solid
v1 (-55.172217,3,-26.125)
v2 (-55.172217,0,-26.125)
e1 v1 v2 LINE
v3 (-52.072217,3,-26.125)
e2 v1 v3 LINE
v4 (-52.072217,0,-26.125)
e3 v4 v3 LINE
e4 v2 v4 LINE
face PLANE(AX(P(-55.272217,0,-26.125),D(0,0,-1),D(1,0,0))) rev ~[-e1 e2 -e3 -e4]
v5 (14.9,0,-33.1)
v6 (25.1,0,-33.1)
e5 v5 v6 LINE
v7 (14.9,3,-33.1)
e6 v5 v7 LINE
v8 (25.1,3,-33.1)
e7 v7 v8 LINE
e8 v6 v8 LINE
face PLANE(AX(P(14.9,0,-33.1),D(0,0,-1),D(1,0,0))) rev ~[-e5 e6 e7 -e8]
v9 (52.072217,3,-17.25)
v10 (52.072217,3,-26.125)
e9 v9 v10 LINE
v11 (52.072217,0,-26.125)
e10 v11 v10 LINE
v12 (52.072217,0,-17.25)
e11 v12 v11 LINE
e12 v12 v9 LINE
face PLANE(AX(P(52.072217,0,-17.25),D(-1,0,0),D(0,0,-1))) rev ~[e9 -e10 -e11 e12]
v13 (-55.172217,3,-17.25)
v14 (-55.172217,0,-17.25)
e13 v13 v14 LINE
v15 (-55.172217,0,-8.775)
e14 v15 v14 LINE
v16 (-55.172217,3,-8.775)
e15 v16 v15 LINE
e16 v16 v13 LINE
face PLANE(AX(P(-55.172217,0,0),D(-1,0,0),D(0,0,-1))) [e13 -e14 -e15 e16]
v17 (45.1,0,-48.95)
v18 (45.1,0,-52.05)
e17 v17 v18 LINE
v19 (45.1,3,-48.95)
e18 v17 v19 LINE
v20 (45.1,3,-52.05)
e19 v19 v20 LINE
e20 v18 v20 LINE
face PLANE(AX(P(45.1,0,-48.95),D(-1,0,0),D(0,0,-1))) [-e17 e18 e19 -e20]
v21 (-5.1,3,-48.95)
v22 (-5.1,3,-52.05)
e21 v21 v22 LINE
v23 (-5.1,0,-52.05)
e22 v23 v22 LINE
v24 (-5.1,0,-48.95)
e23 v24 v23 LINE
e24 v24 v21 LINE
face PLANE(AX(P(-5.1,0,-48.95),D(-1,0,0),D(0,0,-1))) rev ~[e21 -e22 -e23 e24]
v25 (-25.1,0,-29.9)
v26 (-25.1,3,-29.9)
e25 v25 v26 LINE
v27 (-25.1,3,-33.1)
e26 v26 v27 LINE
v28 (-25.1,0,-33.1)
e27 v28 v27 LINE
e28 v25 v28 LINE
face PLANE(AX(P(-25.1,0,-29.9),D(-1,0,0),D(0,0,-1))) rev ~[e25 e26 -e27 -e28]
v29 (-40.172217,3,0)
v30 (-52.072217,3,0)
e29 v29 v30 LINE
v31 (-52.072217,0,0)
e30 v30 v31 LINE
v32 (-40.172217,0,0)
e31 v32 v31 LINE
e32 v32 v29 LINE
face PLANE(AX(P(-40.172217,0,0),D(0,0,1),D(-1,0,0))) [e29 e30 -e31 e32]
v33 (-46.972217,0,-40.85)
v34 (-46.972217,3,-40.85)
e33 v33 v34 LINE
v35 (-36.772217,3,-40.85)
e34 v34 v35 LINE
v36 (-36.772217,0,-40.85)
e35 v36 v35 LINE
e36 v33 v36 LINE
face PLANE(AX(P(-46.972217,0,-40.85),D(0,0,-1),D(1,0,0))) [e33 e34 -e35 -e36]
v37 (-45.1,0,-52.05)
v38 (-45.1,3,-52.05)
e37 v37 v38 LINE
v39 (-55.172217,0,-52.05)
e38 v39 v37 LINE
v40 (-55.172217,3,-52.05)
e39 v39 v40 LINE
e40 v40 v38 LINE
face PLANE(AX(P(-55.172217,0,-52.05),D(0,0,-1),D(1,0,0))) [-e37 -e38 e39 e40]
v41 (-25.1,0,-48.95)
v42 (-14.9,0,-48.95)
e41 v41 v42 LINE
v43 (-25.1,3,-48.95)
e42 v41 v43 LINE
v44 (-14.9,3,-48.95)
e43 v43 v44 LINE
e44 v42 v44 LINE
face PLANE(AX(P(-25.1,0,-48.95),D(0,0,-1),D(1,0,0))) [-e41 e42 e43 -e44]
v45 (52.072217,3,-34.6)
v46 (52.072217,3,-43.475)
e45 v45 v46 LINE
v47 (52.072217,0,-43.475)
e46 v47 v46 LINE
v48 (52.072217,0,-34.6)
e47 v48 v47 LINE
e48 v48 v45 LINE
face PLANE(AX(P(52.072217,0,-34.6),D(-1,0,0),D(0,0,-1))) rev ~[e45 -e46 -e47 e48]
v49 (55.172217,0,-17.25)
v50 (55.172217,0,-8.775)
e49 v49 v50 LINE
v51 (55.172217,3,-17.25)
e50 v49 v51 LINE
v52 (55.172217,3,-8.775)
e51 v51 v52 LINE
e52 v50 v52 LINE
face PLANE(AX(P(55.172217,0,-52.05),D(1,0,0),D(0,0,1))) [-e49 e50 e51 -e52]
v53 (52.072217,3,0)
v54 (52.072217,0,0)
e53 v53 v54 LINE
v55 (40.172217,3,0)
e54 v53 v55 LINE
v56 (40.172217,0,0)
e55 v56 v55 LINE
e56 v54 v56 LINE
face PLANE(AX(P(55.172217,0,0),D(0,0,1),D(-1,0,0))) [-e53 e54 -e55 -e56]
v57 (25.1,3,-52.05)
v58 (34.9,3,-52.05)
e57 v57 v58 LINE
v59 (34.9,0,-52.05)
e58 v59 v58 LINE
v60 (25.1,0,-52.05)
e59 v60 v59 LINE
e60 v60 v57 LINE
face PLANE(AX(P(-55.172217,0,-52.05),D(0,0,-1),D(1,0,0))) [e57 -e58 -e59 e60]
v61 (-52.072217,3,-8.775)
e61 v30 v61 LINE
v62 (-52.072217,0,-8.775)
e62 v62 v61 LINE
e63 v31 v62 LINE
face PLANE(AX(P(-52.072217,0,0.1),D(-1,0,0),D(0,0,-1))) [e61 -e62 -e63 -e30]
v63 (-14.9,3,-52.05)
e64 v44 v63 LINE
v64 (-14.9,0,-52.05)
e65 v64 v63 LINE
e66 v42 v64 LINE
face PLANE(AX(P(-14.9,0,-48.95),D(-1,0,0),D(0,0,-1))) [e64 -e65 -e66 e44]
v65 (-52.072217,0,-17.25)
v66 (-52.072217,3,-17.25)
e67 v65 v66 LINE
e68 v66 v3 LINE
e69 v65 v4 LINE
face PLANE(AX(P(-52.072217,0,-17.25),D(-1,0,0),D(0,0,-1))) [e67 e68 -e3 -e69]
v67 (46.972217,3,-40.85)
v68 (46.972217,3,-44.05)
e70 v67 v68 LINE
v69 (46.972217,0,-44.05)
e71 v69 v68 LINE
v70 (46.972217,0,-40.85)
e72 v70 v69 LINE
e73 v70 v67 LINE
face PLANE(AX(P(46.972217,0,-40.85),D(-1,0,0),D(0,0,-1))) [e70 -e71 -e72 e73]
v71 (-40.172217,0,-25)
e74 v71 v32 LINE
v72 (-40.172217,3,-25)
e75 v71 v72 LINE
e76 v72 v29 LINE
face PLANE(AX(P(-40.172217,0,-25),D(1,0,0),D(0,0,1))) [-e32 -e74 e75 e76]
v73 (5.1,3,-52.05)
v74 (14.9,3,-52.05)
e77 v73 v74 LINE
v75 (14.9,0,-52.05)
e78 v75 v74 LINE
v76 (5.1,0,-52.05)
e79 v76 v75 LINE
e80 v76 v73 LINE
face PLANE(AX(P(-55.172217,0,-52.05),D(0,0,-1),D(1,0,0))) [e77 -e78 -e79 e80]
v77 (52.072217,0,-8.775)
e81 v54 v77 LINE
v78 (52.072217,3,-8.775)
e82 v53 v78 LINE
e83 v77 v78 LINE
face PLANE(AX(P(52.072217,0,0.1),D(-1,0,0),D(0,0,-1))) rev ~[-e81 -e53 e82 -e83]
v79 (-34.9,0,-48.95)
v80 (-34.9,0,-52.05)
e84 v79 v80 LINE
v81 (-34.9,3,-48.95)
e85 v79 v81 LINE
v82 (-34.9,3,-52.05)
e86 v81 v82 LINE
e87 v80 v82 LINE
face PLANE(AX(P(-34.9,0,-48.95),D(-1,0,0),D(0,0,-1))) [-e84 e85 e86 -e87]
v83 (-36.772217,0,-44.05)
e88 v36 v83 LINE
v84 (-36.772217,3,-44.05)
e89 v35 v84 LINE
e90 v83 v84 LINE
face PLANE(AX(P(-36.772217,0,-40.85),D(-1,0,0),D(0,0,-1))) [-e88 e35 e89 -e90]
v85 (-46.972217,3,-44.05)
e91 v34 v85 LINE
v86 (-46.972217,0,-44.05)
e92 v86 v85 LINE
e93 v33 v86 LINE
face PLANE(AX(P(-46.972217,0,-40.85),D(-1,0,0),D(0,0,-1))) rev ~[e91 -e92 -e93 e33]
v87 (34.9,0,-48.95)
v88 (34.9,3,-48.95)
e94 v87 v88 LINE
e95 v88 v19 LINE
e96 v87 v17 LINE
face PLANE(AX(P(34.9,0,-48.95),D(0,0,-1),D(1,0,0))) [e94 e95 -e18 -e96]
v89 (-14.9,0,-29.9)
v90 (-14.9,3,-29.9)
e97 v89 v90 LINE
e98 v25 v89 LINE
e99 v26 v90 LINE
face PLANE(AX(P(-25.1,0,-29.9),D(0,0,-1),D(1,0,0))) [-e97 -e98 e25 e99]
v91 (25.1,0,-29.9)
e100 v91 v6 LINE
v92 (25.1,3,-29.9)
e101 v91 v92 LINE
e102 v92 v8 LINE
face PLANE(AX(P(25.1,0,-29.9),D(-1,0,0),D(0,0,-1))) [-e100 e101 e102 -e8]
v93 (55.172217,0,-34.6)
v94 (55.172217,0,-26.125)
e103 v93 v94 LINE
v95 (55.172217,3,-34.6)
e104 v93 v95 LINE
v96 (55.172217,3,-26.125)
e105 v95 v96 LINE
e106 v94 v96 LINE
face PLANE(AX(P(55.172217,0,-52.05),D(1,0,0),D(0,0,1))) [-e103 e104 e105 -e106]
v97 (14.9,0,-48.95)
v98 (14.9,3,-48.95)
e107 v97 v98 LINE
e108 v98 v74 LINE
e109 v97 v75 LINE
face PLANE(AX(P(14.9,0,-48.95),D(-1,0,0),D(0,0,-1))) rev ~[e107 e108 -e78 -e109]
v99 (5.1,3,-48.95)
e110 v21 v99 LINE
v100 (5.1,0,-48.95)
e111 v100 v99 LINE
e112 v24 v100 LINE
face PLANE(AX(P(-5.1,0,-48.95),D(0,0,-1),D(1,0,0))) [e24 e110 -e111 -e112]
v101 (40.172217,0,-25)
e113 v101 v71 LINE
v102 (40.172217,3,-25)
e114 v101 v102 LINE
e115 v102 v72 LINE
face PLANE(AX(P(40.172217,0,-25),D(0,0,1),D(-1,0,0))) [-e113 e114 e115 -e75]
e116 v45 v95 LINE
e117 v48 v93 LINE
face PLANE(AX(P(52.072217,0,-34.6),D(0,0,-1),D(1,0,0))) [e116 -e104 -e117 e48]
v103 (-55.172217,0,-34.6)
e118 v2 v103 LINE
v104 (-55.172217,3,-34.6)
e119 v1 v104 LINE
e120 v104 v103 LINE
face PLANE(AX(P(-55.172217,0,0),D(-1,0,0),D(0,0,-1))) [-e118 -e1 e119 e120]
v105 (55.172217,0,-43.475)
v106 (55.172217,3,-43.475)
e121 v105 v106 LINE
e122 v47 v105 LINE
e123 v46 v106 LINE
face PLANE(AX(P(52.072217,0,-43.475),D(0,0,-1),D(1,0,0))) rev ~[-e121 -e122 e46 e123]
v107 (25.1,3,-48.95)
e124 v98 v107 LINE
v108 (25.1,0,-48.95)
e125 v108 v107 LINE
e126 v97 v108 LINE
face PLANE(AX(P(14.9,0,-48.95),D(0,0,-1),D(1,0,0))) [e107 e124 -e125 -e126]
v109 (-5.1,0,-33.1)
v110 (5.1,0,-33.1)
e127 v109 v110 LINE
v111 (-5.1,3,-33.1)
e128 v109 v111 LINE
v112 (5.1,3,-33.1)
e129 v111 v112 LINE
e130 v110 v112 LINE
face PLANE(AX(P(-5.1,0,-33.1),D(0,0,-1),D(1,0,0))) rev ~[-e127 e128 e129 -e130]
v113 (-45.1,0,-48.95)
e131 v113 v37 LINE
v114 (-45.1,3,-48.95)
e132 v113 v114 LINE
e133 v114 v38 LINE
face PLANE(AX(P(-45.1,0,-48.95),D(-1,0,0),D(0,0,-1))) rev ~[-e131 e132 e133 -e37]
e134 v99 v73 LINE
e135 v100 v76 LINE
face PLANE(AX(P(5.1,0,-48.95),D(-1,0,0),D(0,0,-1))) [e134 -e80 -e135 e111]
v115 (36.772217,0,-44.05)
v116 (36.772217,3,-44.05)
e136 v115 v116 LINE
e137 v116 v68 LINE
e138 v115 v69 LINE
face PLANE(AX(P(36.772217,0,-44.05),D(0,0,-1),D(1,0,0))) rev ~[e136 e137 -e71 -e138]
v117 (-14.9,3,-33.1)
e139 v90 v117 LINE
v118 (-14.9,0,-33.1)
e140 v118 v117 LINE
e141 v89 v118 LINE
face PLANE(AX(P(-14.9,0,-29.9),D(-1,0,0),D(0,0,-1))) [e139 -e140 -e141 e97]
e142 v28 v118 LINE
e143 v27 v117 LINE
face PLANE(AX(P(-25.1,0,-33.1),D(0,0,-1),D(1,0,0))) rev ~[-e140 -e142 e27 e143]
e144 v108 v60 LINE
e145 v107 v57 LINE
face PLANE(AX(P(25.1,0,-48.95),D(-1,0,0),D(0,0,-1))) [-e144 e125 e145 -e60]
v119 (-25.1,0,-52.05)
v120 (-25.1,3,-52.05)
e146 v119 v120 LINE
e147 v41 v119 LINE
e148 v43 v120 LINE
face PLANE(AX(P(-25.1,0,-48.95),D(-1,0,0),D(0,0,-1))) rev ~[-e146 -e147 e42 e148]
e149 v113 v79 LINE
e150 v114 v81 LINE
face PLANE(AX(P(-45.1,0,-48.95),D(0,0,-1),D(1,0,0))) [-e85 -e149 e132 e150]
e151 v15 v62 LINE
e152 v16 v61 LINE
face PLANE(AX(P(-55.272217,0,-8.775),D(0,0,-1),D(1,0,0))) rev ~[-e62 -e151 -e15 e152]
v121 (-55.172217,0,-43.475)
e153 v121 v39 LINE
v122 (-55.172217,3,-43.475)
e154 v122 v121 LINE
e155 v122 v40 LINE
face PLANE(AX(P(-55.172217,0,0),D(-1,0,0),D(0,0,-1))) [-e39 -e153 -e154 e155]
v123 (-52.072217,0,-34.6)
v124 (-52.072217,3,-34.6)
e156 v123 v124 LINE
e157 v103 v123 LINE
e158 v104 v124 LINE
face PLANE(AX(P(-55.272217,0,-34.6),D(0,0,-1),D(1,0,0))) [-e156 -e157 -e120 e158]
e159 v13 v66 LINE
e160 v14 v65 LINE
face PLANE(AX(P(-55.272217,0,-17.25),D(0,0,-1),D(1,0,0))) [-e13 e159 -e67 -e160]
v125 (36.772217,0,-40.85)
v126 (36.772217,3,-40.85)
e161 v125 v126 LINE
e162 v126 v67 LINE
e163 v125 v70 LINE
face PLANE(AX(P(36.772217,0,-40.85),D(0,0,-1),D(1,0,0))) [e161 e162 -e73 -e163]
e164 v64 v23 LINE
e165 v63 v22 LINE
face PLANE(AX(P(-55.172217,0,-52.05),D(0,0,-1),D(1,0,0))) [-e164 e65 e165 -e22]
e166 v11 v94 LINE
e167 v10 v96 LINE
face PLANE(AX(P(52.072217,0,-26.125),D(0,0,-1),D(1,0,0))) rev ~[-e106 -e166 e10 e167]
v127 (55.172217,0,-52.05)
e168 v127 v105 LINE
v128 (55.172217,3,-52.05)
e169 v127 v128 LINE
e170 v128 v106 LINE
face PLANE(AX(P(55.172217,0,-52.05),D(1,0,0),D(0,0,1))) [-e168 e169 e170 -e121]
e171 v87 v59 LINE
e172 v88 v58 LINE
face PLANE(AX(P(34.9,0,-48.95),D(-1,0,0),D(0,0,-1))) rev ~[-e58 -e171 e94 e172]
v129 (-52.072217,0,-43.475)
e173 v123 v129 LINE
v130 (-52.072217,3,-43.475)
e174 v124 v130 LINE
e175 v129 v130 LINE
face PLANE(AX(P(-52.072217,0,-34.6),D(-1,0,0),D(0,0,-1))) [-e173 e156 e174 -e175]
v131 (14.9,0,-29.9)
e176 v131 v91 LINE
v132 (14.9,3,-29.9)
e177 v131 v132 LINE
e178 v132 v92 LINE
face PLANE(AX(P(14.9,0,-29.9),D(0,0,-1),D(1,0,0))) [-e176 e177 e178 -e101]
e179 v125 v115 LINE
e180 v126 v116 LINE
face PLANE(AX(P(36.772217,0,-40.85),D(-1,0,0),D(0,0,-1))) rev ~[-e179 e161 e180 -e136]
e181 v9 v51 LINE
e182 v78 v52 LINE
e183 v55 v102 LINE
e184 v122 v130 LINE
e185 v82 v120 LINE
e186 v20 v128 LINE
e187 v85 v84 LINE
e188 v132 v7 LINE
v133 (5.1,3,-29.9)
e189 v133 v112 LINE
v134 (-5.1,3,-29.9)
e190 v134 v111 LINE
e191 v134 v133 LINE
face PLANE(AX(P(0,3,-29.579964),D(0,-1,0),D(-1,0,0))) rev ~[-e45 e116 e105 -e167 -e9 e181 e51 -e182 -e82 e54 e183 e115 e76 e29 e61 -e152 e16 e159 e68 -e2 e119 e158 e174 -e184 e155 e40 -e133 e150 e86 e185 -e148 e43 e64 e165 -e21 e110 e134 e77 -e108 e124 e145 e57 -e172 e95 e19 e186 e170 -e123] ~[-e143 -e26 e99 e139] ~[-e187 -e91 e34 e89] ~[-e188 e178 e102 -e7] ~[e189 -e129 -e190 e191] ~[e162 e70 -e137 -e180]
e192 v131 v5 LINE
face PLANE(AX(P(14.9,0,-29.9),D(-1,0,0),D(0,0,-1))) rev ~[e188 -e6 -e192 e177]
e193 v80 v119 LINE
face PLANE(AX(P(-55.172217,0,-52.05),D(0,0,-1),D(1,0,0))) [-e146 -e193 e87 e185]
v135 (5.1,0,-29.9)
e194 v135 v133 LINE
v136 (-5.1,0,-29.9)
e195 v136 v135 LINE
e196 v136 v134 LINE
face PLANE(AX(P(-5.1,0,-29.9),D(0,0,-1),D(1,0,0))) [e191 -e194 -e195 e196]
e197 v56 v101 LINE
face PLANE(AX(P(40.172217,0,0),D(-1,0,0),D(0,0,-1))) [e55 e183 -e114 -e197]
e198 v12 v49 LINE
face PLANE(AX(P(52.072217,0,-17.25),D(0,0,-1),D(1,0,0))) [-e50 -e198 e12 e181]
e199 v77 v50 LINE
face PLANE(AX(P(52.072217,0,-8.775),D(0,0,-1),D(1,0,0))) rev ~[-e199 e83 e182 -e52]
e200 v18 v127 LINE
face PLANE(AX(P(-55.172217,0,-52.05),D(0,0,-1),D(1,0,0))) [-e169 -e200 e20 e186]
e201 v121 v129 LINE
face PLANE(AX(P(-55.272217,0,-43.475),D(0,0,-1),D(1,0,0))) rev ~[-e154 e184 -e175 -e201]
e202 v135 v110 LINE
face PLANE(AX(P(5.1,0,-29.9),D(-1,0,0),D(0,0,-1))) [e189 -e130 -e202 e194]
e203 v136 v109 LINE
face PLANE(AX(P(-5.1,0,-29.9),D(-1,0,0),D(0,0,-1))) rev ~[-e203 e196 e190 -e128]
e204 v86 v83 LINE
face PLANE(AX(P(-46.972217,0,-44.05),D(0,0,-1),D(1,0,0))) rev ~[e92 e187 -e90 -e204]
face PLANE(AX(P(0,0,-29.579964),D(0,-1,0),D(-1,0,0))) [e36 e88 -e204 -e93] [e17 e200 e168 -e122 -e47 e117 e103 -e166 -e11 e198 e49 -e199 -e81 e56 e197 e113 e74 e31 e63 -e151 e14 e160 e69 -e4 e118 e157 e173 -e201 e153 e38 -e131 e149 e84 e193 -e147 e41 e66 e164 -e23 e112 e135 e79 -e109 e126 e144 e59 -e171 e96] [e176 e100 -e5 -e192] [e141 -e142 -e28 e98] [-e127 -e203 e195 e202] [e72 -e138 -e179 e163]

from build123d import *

# Parameters (mm, degrees)
BOSS_EXTRUDE1_DEPTH = 3
SKETCH4_W           = 10.2
SKETCH4_H           = 3.2
SKETCH4_W_2         = 3.2
SKETCH4_H_2         = 8.875
CUT_EXTRUDE1_DEPTH  = 4


with BuildPart() as part:
    # Sketch1 → Boss-Extrude1 (new body)
    with BuildSketch(Plane(origin=(0, 0, 0), x_dir=(1, 0, 0), z_dir=(0, 1, 0))):
        Polygon((-55.172217102, 52.05), (55.172217102, 52.05), (55.172217102, 0), (40.172217102, 0), (40.172217102, 25), (-40.172217102, 25), (-40.172217102, 0), (-55.172217102, 0), align=None)
    extrude(amount=BOSS_EXTRUDE1_DEPTH)

    # Sketch4 → Cut-Extrude1 (cut, through all)
    with BuildSketch(Plane(origin=(0, 0, 0), x_dir=(1, 0, 0), z_dir=(0, 1, 0))):
        with Locations((40, 50.55)):
            Rectangle(SKETCH4_W, SKETCH4_H)
        with Locations((41.872217102, 42.45)):
            Rectangle(SKETCH4_W, SKETCH4_H)
        with Locations((53.672217102, 39.0375)):
            Rectangle(SKETCH4_W_2, SKETCH4_H_2)
        with Locations((53.672217102, 21.6875)):
            Rectangle(SKETCH4_W_2, SKETCH4_H_2)
        with Locations((53.672217102, 4.3375)):
            Rectangle(SKETCH4_W_2, SKETCH4_H_2)
        with Locations((20, 31.5)):
            Rectangle(SKETCH4_W, SKETCH4_H)
        with Locations((0, 31.5)):
            Rectangle(SKETCH4_W, SKETCH4_H)
        with Locations((20, 50.55)):
            Rectangle(SKETCH4_W, SKETCH4_H)
        with Locations((-53.672217102, 4.3375)):
            Rectangle(SKETCH4_W_2, SKETCH4_H_2)
        with Locations((-53.672217102, 21.6875)):
            Rectangle(SKETCH4_W_2, SKETCH4_H_2)
        with Locations((-53.672217102, 39.0375)):
            Rectangle(SKETCH4_W_2, SKETCH4_H_2)
        with Locations((-40, 50.55)):
            Rectangle(SKETCH4_W, SKETCH4_H)
        with Locations((-41.872217102, 42.45)):
            Rectangle(SKETCH4_W, SKETCH4_H)
        with Locations((0, 50.55)):
            Rectangle(SKETCH4_W, SKETCH4_H)
        with Locations((-20, 31.5)):
            Rectangle(SKETCH4_W, SKETCH4_H)
        with Locations((-20, 50.55)):
            Rectangle(SKETCH4_W, SKETCH4_H)
    extrude(amount=CUT_EXTRUDE1_DEPTH, mode=Mode.SUBTRACT)


solid = part.part
